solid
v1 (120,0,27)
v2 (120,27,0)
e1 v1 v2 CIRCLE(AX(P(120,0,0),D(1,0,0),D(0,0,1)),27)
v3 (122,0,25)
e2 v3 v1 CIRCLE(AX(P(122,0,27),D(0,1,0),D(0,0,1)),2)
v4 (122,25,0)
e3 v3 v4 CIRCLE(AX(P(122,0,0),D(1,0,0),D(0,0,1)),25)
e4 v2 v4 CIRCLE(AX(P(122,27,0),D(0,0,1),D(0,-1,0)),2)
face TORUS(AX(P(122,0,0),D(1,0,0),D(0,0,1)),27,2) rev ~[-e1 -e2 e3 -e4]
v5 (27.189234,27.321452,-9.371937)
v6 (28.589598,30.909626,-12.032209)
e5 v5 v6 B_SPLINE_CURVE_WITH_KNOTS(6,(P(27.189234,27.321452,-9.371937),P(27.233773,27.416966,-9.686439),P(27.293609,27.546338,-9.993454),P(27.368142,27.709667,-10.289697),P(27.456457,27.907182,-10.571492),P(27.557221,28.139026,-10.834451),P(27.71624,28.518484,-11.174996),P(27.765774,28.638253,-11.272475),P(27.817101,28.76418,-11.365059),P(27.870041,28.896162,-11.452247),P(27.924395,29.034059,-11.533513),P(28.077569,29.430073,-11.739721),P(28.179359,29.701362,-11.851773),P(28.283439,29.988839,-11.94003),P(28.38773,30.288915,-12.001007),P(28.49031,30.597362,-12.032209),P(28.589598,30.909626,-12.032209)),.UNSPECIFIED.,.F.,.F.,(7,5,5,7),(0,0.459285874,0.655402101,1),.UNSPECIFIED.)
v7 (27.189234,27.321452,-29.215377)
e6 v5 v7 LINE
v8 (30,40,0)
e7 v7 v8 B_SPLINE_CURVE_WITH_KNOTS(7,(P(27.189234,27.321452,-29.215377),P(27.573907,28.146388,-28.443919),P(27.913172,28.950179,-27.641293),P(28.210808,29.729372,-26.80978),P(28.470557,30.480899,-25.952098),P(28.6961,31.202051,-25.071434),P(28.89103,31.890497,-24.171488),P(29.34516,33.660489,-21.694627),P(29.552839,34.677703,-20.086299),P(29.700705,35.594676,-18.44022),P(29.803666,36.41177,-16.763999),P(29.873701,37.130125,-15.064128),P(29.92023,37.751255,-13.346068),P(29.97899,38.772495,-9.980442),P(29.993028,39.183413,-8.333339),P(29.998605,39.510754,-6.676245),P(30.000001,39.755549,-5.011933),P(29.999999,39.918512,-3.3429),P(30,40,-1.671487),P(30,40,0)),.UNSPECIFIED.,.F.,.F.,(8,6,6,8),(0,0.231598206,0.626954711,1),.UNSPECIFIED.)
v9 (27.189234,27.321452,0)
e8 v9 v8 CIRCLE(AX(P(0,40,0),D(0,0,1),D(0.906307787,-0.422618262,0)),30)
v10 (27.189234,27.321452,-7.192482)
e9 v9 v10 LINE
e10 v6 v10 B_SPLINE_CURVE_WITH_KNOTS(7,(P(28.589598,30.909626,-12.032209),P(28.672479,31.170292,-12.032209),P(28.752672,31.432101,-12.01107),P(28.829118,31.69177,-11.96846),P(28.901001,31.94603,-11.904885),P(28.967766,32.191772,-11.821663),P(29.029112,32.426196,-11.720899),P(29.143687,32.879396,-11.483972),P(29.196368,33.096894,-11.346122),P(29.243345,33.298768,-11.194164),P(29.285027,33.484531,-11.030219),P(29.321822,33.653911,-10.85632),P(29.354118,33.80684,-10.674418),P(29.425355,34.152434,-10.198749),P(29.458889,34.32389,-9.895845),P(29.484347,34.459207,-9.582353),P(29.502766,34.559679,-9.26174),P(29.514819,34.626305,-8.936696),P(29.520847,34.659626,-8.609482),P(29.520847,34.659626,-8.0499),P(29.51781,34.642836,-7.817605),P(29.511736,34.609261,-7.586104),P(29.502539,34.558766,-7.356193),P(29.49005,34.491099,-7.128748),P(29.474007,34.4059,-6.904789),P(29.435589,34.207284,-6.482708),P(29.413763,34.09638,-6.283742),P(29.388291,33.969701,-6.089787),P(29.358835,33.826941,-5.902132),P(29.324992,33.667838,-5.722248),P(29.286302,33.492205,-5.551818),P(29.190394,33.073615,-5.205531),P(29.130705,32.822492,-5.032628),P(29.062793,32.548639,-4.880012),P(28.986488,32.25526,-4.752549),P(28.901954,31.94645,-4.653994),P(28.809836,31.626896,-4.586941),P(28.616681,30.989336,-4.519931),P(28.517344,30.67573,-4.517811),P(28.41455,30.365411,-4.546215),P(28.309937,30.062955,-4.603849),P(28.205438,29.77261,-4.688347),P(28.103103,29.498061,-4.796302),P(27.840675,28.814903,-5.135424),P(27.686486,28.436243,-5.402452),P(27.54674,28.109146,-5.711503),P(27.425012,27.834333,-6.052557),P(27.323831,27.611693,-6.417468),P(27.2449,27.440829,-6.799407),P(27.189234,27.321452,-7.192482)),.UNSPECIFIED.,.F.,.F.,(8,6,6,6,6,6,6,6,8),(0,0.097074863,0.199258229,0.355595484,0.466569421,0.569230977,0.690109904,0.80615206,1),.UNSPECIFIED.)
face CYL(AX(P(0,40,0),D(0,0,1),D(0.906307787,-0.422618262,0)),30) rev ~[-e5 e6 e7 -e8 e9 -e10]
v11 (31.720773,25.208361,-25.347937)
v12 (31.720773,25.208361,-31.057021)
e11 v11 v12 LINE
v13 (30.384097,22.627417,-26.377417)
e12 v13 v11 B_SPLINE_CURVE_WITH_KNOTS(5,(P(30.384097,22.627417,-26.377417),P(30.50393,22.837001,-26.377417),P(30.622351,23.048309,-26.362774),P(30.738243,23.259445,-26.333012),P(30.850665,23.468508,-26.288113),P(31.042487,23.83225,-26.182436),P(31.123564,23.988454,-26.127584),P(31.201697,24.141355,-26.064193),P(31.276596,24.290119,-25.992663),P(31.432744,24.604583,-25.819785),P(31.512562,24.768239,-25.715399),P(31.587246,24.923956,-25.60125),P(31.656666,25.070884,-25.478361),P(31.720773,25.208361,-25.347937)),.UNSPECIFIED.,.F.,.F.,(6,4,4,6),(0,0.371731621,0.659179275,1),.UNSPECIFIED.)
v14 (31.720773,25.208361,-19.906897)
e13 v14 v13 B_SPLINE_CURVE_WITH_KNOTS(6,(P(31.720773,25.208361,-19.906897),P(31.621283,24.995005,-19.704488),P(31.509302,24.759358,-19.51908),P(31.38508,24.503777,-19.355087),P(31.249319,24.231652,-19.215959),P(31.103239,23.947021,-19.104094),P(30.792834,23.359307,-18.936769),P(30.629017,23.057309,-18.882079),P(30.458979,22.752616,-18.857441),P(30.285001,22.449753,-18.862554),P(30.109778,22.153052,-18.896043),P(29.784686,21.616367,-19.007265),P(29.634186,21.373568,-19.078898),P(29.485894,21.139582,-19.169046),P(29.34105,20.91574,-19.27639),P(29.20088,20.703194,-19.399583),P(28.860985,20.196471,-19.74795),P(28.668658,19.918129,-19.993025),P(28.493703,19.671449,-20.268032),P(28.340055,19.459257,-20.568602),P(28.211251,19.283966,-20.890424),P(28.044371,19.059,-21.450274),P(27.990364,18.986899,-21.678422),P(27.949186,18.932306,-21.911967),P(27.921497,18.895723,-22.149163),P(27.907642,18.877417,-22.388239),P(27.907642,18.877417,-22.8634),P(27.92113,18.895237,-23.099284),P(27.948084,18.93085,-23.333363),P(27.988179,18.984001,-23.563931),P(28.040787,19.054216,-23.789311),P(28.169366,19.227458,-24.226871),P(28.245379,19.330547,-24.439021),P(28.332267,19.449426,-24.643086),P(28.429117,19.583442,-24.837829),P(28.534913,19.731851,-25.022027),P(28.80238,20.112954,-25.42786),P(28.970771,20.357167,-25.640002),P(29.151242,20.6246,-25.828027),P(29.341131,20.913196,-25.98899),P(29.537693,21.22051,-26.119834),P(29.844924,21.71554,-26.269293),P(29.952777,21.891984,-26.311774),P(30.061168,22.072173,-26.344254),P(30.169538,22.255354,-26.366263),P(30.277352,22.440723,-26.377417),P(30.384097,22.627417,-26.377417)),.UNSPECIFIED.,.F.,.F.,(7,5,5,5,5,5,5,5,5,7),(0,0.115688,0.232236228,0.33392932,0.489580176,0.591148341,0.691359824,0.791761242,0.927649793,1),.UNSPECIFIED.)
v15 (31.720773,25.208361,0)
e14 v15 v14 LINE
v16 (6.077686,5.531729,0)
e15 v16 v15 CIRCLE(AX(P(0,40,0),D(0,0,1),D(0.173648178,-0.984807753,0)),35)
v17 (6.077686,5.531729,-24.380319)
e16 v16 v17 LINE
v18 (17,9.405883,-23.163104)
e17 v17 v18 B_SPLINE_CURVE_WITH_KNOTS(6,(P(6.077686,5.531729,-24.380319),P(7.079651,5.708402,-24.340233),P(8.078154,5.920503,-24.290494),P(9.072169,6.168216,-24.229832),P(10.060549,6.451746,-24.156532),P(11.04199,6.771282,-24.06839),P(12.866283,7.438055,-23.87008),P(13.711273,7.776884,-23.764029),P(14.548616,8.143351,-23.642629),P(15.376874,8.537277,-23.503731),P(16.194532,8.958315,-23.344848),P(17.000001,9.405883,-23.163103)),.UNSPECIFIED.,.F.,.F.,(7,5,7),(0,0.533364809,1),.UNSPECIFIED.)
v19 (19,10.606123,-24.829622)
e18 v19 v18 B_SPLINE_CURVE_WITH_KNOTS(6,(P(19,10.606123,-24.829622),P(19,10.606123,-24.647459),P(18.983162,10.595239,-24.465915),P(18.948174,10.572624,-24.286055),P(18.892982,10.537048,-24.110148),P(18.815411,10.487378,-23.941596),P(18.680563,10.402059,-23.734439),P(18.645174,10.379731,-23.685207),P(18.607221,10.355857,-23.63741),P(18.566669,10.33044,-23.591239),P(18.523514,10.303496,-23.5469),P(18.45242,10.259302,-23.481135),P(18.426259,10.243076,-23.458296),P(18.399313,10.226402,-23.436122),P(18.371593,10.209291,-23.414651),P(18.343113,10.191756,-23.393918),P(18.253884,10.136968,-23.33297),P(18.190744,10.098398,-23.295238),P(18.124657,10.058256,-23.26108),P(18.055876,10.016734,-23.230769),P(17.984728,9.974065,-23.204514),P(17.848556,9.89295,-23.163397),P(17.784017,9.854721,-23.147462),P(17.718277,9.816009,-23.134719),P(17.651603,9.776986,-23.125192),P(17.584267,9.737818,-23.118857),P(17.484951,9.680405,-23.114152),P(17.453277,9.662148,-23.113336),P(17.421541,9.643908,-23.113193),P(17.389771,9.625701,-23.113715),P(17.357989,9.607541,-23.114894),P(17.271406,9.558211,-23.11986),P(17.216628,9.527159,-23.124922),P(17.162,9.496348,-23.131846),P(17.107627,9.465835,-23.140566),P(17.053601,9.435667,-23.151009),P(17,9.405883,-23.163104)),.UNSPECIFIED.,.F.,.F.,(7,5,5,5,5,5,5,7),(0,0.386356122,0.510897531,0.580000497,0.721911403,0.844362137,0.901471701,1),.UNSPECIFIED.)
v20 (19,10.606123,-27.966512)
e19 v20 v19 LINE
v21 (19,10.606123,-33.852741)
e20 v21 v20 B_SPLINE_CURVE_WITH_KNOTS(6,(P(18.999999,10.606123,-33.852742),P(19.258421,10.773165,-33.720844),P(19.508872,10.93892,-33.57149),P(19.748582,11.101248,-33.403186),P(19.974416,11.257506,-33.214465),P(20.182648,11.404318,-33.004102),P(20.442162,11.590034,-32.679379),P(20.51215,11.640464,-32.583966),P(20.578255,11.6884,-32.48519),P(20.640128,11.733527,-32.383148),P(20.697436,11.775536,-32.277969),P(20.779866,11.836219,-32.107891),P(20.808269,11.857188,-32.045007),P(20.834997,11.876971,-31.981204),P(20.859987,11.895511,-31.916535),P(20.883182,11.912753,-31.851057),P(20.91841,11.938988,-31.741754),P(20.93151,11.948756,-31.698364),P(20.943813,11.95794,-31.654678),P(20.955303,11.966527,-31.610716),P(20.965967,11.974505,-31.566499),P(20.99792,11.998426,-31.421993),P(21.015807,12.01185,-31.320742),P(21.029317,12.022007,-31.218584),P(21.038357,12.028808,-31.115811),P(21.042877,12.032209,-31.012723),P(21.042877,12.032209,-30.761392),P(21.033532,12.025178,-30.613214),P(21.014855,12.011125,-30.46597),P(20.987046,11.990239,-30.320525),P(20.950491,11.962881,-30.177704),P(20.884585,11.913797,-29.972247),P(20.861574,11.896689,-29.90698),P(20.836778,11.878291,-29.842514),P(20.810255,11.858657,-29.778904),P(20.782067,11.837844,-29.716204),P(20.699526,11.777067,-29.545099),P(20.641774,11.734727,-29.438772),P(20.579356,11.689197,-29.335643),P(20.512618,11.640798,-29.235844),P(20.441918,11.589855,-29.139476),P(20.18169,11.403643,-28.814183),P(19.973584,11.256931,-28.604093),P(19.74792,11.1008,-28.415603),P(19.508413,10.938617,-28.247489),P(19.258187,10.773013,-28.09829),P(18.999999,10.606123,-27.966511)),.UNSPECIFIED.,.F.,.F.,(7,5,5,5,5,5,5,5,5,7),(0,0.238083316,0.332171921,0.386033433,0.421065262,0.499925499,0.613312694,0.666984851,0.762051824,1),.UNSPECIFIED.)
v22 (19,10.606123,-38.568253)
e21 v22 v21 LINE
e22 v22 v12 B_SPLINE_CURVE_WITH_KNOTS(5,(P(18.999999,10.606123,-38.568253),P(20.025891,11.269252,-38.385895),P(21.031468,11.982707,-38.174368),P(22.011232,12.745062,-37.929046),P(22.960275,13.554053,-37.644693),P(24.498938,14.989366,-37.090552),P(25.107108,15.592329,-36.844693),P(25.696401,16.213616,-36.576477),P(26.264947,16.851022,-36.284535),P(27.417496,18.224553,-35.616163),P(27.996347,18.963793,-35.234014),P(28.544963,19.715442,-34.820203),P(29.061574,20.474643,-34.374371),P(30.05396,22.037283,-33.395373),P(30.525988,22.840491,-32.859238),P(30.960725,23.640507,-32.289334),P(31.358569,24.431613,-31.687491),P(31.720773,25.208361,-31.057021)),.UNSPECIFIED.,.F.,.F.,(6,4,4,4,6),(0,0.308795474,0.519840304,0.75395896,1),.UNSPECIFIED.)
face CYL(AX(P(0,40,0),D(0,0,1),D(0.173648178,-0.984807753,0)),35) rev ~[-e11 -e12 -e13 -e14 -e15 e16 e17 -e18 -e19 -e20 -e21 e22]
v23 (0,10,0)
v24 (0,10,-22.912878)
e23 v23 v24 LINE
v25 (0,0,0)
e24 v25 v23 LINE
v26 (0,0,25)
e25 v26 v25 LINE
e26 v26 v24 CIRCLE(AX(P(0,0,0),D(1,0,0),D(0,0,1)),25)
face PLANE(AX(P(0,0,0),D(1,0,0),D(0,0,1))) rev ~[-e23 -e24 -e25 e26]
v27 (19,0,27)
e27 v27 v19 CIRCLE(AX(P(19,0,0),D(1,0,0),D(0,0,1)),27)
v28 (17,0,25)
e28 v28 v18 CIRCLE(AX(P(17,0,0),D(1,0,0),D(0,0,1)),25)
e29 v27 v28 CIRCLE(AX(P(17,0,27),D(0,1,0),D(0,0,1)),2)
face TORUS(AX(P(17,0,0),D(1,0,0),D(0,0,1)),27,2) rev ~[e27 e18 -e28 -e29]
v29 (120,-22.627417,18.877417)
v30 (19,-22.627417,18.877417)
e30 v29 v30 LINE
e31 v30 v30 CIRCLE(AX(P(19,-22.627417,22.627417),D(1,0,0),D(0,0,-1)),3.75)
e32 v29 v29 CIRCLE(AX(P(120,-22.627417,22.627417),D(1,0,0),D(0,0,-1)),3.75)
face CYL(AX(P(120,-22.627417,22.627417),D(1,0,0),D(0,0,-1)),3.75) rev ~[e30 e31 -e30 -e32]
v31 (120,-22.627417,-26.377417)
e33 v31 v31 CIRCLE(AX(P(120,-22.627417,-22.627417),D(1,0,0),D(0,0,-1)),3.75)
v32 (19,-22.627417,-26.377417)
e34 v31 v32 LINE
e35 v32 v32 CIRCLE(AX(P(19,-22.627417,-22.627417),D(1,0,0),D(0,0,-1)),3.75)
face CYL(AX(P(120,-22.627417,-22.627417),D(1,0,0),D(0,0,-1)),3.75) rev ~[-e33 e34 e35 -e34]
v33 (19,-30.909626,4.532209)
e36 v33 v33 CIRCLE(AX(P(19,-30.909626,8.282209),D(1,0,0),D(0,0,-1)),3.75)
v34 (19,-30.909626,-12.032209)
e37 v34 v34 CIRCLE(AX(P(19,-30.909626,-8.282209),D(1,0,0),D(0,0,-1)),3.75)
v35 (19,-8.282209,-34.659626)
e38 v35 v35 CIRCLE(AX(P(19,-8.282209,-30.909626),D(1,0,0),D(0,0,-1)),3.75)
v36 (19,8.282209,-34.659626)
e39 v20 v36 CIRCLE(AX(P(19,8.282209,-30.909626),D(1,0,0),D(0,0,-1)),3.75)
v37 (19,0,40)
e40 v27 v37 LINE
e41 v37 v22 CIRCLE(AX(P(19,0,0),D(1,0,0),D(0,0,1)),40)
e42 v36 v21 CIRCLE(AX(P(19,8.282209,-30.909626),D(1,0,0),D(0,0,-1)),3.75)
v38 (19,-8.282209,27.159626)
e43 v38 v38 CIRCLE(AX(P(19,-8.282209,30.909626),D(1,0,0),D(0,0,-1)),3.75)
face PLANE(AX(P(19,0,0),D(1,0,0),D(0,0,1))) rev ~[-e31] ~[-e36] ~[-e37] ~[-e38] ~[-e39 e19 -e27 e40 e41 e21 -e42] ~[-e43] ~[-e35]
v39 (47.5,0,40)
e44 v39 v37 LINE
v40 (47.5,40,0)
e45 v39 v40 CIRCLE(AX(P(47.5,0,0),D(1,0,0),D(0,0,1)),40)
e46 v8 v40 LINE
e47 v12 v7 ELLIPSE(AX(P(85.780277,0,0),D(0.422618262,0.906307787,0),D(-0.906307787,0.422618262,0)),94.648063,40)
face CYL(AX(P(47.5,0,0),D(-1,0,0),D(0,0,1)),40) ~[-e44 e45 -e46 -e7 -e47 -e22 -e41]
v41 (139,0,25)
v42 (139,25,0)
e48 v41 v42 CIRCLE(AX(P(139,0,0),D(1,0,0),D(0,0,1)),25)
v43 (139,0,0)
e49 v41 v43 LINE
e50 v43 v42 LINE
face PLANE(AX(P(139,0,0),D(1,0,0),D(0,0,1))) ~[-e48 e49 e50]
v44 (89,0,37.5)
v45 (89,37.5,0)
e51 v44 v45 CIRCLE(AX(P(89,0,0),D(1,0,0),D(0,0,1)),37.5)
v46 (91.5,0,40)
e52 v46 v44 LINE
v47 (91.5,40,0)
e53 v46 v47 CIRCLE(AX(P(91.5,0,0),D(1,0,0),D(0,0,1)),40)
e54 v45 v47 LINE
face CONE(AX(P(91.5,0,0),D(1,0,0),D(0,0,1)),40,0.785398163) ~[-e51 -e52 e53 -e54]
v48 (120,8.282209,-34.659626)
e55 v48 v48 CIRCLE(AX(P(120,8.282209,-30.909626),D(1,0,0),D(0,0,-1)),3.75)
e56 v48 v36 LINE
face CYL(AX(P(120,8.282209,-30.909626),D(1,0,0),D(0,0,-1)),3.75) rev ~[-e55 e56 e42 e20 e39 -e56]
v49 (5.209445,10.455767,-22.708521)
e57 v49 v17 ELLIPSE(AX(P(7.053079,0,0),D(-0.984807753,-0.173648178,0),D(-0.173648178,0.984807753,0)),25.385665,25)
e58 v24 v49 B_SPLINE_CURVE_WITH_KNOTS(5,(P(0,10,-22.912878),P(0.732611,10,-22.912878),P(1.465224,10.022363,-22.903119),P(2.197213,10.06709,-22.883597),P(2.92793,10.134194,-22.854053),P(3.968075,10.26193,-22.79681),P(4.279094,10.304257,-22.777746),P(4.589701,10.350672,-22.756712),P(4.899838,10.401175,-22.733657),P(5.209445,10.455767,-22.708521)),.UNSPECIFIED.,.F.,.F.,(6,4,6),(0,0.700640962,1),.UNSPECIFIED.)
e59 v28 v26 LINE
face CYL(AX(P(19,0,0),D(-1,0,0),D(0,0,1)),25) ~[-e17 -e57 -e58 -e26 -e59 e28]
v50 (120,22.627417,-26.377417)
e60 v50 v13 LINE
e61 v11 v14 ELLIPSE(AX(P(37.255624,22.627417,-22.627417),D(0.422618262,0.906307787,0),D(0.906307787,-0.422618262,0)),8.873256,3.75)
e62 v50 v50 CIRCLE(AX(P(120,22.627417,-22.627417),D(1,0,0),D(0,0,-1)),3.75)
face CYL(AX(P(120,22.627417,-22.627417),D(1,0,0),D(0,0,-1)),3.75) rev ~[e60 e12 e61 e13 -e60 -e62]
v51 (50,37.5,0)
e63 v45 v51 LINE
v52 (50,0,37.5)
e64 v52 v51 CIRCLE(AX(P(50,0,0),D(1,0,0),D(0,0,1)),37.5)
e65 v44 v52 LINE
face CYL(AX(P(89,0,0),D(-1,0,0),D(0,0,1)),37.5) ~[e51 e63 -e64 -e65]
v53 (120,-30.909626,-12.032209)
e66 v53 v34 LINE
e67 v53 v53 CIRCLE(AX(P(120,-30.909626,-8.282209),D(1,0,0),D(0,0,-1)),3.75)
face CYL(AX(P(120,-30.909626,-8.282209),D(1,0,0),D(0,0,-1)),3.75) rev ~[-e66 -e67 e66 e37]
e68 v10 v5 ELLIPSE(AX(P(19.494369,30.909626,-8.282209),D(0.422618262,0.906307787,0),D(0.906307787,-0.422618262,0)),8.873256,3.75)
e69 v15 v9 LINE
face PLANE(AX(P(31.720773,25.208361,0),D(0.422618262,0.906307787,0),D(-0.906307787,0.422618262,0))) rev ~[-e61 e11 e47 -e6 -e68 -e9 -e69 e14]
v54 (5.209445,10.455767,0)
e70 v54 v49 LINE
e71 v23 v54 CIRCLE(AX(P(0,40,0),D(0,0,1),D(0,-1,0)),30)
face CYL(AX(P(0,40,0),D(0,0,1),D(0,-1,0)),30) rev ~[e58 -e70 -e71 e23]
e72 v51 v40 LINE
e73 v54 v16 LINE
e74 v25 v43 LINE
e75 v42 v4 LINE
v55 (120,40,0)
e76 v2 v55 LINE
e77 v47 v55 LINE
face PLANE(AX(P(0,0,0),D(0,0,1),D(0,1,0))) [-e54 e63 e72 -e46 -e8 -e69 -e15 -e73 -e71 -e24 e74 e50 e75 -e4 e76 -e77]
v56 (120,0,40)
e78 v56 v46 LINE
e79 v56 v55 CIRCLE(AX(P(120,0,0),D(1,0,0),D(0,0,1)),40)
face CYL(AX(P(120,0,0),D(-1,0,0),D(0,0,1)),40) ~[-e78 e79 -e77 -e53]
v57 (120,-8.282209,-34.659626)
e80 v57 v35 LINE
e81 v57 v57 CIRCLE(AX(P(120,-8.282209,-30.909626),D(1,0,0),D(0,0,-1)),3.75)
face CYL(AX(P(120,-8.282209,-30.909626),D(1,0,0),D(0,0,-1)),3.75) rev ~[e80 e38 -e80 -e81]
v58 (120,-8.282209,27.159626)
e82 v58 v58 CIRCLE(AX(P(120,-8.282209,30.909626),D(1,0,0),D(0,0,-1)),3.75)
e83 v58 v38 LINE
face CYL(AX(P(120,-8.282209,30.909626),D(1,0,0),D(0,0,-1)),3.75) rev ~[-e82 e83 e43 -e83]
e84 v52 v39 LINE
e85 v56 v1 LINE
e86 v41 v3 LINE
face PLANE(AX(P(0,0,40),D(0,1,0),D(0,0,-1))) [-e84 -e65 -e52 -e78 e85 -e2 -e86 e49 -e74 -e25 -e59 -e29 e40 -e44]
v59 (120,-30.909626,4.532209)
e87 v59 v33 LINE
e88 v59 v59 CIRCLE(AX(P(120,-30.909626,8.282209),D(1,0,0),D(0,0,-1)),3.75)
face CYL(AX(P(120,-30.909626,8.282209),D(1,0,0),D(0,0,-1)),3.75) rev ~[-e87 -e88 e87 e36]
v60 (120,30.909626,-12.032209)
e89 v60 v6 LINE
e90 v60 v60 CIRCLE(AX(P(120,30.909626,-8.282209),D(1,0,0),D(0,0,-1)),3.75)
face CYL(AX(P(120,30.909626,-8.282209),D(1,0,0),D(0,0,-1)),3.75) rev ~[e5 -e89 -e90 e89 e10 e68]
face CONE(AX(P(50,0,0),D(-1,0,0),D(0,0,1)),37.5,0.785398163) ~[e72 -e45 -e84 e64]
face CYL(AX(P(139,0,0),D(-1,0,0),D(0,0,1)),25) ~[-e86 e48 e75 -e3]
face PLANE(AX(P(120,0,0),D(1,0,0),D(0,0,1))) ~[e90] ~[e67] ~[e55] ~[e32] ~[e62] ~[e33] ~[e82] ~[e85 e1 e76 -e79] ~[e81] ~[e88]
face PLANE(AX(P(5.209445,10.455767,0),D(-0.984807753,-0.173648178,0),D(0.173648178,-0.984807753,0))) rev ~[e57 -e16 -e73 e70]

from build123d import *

# Parameters (mm, degrees)
SKETCH2_R          = 3.75
CUT_EXTRUDE1_DEPTH = 133.664991614
FILLET1_R          = 2
CUT_EXTRUDE2_DEPTH = 151.069983674
CUT_EXTRUDE3_DEPTH = 151.069983674


with BuildPart() as part:
    # Sketch1 → Revolve1 (revolve)
    with BuildSketch(Plane(origin=(0, 0, 0), x_dir=(1, 0, 0), z_dir=(0, 1, 0)), mode=Mode.PRIVATE) as revolve1_sk:
        Polygon((0, 0), (139, 0), (139, 25), (120, 25), (120, 40), (91.5, 40), (89, 37.5), (50, 37.5), (47.5, 40), (19, 40), (19, 25), (0, 25), align=None)
    revolve(revolve1_sk.sketch.rotate(Axis((0, 0, 0), (1, 0, 0)), 180), axis=Axis((0, 0, 0), (1, 0, 0)))

    # Sketch2 → Cut-Extrude1 (cut, through all)
    with BuildSketch(Plane(origin=(120, 0, 0), x_dir=(0, 0, -1), z_dir=(1, 0, 0))):
        with Locations((-8.282209443, 30.909626441)):
            Circle(SKETCH2_R)
        with Locations((8.282209443, 30.909626441)):
            Circle(SKETCH2_R)
        with Locations((22.627416998, 22.627416998)):
            Circle(SKETCH2_R)
        with Locations((30.909626441, 8.282209443)):
            Circle(SKETCH2_R)
        with Locations((30.909626441, -8.282209443)):
            Circle(SKETCH2_R)
        with Locations((22.627416998, -22.627416998)):
            Circle(SKETCH2_R)
        with Locations((8.282209443, -30.909626441)):
            Circle(SKETCH2_R)
        with Locations((-8.282209443, -30.909626441)):
            Circle(SKETCH2_R)
        with Locations((-22.627416998, -22.627416998)):
            Circle(SKETCH2_R)
        with Locations((-30.909626441, -8.282209443)):
            Circle(SKETCH2_R)
        with Locations((-30.909626441, 8.282209443)):
            Circle(SKETCH2_R)
        with Locations((-22.627416998, 22.627416998)):
            Circle(SKETCH2_R)
    extrude(amount=-CUT_EXTRUDE1_DEPTH, mode=Mode.SUBTRACT)

    # Fillet1
    fillet1_edges = [part.edges().sort_by_distance(p)[0] for p in [
        (120, 0, -25),
        (19, 0, -25),
    ]]
    fillet(fillet1_edges, radius=FILLET1_R)

    # Sketch3 → Cut-Extrude2 (cut, through all)
    with BuildSketch(Plane.ZY):
        with BuildLine():
            Line((0, 0), (0, 40))
            ThreePointArc((0, 40), (28.284271247, 28.284271247), (40, 0))
            Line((40, 0), (0, 0))
        make_face()
    extrude(amount=-CUT_EXTRUDE2_DEPTH, mode=Mode.SUBTRACT)

    # Sketch5 → Cut-Extrude3 (cut, through all)
    with BuildSketch(Plane.XY):
        with BuildLine():
            Line((2.644904711, 25), (5.20944533, 10.45576741))
            Line((5.20944533, 10.45576741), (6.077686218, 5.531728645))
            ThreePointArc((6.077686218, 5.531728645), (21.306650015, 12.23263309), (31.720772546, 25.208360839))
            Line((31.720772546, 25.208360839), (27.189233611, 27.321452148))
            Line((27.189233611, 27.321452148), (19, 31.140154495))
            Line((19, 31.140154495), (19, 27))
            ThreePointArc((19, 27), (18.414213562, 25.585786438), (17, 25))
            Line((17, 25), (2.644904711, 25))
        make_face()
        with BuildLine():
            Line((30, 40), (19, 40))
            Line((19, 40), (19, 31.140154495))
            Line((19, 31.140154495), (27.189233611, 27.321452148))
            ThreePointArc((27.189233611, 27.321452148), (29.288880214, 33.506811582), (30, 40))
        make_face()
        with BuildLine():
            Line((0, 25), (0, 10))
            ThreePointArc((0, 10), (2.614672282, 10.114159057), (5.20944533, 10.45576741))
            Line((5.20944533, 10.45576741), (2.644904711, 25))
            Line((2.644904711, 25), (0, 25))
        make_face()
    extrude(amount=-CUT_EXTRUDE3_DEPTH, mode=Mode.SUBTRACT)


solid = part.part
